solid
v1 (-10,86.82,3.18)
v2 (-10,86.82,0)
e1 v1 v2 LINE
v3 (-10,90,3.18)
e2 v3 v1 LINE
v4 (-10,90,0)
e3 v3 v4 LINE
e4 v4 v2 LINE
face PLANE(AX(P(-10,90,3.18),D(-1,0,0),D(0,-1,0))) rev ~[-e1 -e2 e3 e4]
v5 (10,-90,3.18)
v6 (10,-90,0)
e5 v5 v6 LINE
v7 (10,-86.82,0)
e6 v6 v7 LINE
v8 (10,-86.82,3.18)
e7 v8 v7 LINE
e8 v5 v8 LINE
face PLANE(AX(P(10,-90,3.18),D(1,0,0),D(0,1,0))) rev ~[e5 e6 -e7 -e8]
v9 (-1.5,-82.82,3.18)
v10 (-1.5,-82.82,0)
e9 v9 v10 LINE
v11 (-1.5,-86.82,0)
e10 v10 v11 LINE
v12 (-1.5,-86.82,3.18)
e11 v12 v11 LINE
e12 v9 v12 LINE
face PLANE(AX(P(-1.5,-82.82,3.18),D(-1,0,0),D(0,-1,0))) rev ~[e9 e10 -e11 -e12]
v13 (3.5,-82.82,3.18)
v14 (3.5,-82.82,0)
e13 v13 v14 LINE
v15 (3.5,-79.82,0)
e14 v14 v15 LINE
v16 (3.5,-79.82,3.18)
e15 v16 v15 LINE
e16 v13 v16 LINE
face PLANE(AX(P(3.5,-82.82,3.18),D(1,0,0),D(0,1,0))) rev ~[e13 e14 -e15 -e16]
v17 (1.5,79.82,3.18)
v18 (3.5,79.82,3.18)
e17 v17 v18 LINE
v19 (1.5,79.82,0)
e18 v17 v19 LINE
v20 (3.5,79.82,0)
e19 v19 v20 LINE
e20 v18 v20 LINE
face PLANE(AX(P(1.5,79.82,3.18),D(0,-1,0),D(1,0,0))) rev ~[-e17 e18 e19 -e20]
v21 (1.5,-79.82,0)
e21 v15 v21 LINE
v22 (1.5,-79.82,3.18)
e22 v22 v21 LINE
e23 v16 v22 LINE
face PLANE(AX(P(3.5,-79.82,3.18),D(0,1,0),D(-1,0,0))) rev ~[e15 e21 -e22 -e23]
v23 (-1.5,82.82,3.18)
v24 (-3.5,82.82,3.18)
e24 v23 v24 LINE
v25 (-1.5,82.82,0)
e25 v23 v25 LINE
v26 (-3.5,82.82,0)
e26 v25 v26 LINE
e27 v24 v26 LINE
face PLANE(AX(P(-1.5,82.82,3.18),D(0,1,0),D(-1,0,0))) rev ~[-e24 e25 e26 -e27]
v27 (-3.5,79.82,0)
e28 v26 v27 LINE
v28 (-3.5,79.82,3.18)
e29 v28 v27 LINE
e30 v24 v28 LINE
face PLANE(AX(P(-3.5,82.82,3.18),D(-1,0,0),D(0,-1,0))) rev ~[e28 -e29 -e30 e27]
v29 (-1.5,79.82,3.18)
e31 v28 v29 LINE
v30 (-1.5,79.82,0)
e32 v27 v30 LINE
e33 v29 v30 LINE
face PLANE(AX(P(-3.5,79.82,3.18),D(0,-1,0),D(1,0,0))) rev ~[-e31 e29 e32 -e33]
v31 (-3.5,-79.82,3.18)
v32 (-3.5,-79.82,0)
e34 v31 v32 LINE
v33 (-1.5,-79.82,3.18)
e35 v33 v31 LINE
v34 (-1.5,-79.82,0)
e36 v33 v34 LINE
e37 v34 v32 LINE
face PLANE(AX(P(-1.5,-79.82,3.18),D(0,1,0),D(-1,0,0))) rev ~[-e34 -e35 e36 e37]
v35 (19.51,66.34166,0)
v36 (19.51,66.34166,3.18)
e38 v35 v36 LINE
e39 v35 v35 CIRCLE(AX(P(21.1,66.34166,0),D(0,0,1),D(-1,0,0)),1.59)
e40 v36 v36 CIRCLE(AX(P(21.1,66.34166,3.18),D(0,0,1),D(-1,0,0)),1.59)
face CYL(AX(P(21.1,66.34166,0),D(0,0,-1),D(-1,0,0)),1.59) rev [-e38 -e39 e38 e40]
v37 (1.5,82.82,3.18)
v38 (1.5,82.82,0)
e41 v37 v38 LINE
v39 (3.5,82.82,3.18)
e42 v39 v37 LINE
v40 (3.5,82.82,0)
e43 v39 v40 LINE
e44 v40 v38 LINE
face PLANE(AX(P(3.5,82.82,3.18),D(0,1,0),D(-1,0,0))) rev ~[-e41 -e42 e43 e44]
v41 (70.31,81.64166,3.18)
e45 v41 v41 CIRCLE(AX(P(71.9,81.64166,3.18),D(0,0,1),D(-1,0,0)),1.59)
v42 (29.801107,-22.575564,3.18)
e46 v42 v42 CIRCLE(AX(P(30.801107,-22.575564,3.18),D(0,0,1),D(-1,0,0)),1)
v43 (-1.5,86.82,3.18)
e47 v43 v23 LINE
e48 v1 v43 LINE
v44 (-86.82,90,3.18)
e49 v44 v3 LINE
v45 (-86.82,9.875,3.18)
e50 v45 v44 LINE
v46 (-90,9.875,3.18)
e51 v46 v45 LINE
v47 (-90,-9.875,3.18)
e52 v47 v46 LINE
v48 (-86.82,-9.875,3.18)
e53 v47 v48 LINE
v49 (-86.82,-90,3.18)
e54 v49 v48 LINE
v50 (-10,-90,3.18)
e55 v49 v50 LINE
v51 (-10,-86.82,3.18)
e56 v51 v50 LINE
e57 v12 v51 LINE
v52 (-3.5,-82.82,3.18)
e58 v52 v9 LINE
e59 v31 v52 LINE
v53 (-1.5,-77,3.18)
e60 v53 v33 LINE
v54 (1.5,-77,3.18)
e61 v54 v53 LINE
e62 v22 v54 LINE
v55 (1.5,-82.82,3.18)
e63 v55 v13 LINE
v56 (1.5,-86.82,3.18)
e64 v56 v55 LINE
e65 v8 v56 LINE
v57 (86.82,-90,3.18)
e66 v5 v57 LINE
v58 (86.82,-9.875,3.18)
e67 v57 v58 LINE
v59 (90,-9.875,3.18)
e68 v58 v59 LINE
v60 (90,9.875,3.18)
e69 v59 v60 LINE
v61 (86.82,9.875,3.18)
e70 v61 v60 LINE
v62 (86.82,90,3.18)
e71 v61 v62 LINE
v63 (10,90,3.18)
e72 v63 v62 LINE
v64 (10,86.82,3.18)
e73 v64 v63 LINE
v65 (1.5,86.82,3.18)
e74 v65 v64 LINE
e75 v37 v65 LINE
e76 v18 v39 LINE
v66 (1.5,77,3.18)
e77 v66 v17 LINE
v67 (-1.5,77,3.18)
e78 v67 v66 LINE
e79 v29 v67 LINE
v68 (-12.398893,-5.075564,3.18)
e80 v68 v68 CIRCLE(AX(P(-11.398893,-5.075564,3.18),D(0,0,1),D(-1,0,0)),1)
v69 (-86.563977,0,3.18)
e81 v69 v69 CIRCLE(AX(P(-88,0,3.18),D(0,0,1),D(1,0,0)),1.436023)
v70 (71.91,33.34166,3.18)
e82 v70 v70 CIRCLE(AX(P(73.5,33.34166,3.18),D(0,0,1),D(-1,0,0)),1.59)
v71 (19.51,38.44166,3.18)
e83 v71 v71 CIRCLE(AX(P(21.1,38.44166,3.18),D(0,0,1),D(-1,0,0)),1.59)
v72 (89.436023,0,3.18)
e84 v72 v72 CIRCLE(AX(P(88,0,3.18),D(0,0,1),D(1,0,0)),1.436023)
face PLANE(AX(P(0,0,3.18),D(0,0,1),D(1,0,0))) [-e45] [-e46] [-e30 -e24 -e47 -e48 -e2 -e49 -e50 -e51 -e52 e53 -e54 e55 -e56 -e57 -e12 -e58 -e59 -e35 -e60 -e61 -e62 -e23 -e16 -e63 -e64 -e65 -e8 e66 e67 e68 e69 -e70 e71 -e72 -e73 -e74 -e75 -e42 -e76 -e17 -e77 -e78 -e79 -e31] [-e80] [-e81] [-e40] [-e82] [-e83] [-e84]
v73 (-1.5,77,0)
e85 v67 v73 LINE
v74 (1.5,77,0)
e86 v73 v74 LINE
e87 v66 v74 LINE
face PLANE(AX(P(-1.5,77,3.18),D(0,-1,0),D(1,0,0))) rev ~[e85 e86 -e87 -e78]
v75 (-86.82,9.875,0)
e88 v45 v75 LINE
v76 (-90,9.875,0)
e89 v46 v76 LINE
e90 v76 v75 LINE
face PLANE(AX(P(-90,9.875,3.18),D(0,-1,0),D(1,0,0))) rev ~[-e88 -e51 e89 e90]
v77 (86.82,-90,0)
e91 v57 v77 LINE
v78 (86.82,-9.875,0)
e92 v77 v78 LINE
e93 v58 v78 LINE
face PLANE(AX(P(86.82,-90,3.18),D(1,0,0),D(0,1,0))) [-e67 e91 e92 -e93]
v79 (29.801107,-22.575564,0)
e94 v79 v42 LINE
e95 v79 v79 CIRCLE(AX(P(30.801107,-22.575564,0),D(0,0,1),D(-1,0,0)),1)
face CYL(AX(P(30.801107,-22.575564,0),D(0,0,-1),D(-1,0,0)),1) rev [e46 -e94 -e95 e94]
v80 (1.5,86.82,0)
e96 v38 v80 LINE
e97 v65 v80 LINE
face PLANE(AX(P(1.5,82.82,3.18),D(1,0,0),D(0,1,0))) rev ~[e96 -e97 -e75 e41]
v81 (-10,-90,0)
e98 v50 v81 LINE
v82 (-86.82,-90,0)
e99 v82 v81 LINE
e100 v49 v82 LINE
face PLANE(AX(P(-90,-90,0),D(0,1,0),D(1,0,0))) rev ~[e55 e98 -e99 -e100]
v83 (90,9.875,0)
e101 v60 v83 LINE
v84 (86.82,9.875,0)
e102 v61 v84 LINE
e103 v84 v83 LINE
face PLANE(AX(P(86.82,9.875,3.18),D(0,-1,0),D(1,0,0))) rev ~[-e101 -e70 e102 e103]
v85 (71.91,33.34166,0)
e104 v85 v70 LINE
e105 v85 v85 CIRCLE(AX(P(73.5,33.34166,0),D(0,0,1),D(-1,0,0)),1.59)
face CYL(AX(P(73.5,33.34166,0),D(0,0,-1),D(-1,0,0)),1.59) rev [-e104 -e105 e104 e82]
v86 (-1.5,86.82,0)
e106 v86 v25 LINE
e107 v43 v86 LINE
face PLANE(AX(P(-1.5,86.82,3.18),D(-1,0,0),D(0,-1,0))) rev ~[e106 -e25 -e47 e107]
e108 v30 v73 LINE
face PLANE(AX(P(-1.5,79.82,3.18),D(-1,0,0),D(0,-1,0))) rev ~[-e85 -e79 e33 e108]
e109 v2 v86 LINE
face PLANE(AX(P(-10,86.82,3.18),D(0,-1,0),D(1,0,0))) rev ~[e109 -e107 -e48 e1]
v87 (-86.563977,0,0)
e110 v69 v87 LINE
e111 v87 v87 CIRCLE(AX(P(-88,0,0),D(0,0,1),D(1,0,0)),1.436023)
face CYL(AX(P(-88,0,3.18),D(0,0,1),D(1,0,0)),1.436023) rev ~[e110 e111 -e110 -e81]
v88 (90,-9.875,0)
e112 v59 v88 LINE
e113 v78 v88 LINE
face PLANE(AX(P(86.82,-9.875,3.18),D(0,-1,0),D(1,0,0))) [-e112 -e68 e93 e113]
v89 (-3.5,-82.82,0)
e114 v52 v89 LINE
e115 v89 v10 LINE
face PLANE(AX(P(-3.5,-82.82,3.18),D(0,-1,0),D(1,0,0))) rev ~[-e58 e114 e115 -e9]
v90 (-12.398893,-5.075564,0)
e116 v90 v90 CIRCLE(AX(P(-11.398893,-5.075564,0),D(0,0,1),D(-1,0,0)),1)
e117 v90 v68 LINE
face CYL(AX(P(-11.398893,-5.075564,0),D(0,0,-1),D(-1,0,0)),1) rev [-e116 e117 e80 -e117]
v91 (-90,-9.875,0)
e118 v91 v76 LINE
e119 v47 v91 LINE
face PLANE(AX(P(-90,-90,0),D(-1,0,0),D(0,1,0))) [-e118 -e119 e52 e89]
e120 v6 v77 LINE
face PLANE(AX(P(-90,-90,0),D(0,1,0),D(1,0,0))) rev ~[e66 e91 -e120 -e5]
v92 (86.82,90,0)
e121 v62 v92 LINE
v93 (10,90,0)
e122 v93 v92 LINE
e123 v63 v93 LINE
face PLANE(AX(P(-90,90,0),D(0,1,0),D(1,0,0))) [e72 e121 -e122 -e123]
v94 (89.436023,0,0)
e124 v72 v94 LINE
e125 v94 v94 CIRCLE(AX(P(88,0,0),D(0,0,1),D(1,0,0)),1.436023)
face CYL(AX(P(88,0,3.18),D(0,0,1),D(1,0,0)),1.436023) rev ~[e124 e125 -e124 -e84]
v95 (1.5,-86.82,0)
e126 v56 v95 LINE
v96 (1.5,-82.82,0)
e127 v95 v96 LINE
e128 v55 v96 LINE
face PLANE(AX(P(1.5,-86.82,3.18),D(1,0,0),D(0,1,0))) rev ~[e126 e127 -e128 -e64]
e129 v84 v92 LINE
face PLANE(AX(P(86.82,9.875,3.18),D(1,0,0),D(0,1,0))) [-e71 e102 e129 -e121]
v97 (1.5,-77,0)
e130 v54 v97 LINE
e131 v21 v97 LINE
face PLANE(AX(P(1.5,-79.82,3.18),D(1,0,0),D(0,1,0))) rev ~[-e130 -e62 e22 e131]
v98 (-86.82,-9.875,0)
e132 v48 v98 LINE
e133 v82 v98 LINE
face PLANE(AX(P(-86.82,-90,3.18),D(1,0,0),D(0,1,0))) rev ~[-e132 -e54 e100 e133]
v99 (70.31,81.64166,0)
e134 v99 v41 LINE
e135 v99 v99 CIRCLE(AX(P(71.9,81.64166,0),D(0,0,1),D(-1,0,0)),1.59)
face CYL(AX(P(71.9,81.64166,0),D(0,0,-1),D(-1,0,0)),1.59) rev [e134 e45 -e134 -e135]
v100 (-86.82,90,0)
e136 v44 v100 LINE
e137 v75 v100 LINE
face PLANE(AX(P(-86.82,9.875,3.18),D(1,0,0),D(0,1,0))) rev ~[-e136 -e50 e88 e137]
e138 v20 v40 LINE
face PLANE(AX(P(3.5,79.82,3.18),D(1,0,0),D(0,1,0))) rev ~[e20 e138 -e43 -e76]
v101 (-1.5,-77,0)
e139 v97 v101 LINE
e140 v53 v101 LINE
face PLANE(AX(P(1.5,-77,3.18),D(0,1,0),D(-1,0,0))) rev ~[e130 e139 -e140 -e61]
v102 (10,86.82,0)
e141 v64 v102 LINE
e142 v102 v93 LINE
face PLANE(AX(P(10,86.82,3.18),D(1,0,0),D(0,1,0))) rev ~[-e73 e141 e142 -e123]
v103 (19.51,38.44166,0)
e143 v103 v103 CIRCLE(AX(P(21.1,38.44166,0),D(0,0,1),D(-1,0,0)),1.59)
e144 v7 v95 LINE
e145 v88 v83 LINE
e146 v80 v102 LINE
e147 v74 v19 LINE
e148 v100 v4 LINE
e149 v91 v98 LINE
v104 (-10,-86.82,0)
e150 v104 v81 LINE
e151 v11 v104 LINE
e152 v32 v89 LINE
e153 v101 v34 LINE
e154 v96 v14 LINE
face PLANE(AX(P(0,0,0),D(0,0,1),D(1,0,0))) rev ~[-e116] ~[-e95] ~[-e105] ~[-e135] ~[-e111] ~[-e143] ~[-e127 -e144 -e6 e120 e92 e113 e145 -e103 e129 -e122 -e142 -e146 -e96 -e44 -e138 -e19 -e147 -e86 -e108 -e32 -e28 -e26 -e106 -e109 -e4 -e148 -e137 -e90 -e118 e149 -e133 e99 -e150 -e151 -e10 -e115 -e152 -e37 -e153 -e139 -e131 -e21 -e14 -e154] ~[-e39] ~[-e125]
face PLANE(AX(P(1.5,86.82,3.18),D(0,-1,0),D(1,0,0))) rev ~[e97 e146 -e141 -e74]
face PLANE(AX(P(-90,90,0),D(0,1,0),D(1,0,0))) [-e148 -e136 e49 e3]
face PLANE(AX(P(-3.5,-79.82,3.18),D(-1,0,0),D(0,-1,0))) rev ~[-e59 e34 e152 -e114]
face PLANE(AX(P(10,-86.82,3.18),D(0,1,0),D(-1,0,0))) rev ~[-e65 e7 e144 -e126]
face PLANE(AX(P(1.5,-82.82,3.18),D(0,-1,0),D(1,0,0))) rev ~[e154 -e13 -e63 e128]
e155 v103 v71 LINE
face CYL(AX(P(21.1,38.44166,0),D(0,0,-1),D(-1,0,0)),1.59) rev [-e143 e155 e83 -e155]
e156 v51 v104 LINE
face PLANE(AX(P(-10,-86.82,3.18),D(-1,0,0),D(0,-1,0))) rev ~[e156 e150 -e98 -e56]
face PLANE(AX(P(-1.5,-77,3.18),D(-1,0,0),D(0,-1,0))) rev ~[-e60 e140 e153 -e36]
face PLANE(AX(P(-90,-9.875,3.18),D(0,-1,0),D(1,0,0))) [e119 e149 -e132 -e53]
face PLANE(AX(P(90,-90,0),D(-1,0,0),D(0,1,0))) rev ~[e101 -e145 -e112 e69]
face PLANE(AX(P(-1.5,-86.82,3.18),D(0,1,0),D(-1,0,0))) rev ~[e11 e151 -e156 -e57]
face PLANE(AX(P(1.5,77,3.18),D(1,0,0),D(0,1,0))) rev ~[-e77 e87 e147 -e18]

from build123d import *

# Parameters (mm, degrees)
SKETCH3_W           = 180
SKETCH3_H           = 180
SKETCH3_R           = 1
SKETCH3_R_2         = 1.59
BOSS_EXTRUDE1_DEPTH = 3.18
CUT_EXTRUDE1_DEPTH  = 128.318939675
SKETCH5_R           = 1.436023081
SKETCH5_W           = 3.18
SKETCH5_H           = 80.125
CUT_EXTRUDE2_DEPTH  = 128.318939675


with BuildPart() as part:
    # Sketch3 → Boss-Extrude1 (new body)
    with BuildSketch(Plane.XY):
        Rectangle(SKETCH3_W, SKETCH3_H)
        with Locations(Location((-11.39889268, -5.07556396, 0), (0, 0, 180))):
            Circle(SKETCH3_R, mode=Mode.SUBTRACT)
        with Locations(Location((30.80110732, -22.57556396, 0), (0, 0, 180))):
            Circle(SKETCH3_R, mode=Mode.SUBTRACT)
        with Locations(Location((73.5, 33.341660125, 0), (0, 0, 180))):
            Circle(SKETCH3_R_2, mode=Mode.SUBTRACT)
        with Locations(Location((21.1, 38.441660125, 0), (0, 0, 180))):
            Circle(SKETCH3_R_2, mode=Mode.SUBTRACT)
        with Locations(Location((21.1, 66.341660125, 0), (0, 0, 180))):
            Circle(SKETCH3_R_2, mode=Mode.SUBTRACT)
        with Locations(Location((71.9, 81.641660125, 0), (0, 0, 180))):
            Circle(SKETCH3_R_2, mode=Mode.SUBTRACT)
    extrude(amount=BOSS_EXTRUDE1_DEPTH)

    # Sketch4 → Cut-Extrude1 (cut, through all)
    with BuildSketch(Plane.XY.offset(3.18)):
        Polygon((1.5, 86.82), (10, 86.82), (10, 90), (-10, 90), (-10, 86.82), (-1.5, 86.82), (-1.5, 82.82), (-3.5, 82.82), (-3.5, 79.82), (-1.5, 79.82), (-1.5, 77), (1.5, 77), (1.5, 79.82), (3.5, 79.82), (3.5, 82.82), (1.5, 82.82), align=None)
        Polygon((1.5, -79.82), (1.5, -77), (-1.5, -77), (-1.5, -79.82), (-3.5, -79.82), (-3.5, -82.82), (-1.5, -82.82), (-1.5, -86.82), (-10, -86.82), (-10, -90), (10, -90), (10, -86.82), (1.5, -86.82), (1.5, -82.82), (3.5, -82.82), (3.5, -79.82), align=None)
    extrude(amount=-CUT_EXTRUDE1_DEPTH, mode=Mode.SUBTRACT)

    # Sketch5 → Cut-Extrude2 (cut, through all)
    with BuildSketch(Plane.XY.offset(3.18)):
        with Locations((-88, 0)):
            Circle(SKETCH5_R)
        with Locations((88, 0)):
            Circle(SKETCH5_R)
        with Locations((-88.41, 49.9375)):
            Rectangle(SKETCH5_W, SKETCH5_H)
        with Locations((-88.41, -49.9375)):
            Rectangle(SKETCH5_W, SKETCH5_H)
        with Locations((88.41, -49.9375)):
            Rectangle(SKETCH5_W, SKETCH5_H)
        with Locations((88.41, 49.9375)):
            Rectangle(SKETCH5_W, SKETCH5_H)
    extrude(amount=-CUT_EXTRUDE2_DEPTH, mode=Mode.SUBTRACT)


solid = part.part
